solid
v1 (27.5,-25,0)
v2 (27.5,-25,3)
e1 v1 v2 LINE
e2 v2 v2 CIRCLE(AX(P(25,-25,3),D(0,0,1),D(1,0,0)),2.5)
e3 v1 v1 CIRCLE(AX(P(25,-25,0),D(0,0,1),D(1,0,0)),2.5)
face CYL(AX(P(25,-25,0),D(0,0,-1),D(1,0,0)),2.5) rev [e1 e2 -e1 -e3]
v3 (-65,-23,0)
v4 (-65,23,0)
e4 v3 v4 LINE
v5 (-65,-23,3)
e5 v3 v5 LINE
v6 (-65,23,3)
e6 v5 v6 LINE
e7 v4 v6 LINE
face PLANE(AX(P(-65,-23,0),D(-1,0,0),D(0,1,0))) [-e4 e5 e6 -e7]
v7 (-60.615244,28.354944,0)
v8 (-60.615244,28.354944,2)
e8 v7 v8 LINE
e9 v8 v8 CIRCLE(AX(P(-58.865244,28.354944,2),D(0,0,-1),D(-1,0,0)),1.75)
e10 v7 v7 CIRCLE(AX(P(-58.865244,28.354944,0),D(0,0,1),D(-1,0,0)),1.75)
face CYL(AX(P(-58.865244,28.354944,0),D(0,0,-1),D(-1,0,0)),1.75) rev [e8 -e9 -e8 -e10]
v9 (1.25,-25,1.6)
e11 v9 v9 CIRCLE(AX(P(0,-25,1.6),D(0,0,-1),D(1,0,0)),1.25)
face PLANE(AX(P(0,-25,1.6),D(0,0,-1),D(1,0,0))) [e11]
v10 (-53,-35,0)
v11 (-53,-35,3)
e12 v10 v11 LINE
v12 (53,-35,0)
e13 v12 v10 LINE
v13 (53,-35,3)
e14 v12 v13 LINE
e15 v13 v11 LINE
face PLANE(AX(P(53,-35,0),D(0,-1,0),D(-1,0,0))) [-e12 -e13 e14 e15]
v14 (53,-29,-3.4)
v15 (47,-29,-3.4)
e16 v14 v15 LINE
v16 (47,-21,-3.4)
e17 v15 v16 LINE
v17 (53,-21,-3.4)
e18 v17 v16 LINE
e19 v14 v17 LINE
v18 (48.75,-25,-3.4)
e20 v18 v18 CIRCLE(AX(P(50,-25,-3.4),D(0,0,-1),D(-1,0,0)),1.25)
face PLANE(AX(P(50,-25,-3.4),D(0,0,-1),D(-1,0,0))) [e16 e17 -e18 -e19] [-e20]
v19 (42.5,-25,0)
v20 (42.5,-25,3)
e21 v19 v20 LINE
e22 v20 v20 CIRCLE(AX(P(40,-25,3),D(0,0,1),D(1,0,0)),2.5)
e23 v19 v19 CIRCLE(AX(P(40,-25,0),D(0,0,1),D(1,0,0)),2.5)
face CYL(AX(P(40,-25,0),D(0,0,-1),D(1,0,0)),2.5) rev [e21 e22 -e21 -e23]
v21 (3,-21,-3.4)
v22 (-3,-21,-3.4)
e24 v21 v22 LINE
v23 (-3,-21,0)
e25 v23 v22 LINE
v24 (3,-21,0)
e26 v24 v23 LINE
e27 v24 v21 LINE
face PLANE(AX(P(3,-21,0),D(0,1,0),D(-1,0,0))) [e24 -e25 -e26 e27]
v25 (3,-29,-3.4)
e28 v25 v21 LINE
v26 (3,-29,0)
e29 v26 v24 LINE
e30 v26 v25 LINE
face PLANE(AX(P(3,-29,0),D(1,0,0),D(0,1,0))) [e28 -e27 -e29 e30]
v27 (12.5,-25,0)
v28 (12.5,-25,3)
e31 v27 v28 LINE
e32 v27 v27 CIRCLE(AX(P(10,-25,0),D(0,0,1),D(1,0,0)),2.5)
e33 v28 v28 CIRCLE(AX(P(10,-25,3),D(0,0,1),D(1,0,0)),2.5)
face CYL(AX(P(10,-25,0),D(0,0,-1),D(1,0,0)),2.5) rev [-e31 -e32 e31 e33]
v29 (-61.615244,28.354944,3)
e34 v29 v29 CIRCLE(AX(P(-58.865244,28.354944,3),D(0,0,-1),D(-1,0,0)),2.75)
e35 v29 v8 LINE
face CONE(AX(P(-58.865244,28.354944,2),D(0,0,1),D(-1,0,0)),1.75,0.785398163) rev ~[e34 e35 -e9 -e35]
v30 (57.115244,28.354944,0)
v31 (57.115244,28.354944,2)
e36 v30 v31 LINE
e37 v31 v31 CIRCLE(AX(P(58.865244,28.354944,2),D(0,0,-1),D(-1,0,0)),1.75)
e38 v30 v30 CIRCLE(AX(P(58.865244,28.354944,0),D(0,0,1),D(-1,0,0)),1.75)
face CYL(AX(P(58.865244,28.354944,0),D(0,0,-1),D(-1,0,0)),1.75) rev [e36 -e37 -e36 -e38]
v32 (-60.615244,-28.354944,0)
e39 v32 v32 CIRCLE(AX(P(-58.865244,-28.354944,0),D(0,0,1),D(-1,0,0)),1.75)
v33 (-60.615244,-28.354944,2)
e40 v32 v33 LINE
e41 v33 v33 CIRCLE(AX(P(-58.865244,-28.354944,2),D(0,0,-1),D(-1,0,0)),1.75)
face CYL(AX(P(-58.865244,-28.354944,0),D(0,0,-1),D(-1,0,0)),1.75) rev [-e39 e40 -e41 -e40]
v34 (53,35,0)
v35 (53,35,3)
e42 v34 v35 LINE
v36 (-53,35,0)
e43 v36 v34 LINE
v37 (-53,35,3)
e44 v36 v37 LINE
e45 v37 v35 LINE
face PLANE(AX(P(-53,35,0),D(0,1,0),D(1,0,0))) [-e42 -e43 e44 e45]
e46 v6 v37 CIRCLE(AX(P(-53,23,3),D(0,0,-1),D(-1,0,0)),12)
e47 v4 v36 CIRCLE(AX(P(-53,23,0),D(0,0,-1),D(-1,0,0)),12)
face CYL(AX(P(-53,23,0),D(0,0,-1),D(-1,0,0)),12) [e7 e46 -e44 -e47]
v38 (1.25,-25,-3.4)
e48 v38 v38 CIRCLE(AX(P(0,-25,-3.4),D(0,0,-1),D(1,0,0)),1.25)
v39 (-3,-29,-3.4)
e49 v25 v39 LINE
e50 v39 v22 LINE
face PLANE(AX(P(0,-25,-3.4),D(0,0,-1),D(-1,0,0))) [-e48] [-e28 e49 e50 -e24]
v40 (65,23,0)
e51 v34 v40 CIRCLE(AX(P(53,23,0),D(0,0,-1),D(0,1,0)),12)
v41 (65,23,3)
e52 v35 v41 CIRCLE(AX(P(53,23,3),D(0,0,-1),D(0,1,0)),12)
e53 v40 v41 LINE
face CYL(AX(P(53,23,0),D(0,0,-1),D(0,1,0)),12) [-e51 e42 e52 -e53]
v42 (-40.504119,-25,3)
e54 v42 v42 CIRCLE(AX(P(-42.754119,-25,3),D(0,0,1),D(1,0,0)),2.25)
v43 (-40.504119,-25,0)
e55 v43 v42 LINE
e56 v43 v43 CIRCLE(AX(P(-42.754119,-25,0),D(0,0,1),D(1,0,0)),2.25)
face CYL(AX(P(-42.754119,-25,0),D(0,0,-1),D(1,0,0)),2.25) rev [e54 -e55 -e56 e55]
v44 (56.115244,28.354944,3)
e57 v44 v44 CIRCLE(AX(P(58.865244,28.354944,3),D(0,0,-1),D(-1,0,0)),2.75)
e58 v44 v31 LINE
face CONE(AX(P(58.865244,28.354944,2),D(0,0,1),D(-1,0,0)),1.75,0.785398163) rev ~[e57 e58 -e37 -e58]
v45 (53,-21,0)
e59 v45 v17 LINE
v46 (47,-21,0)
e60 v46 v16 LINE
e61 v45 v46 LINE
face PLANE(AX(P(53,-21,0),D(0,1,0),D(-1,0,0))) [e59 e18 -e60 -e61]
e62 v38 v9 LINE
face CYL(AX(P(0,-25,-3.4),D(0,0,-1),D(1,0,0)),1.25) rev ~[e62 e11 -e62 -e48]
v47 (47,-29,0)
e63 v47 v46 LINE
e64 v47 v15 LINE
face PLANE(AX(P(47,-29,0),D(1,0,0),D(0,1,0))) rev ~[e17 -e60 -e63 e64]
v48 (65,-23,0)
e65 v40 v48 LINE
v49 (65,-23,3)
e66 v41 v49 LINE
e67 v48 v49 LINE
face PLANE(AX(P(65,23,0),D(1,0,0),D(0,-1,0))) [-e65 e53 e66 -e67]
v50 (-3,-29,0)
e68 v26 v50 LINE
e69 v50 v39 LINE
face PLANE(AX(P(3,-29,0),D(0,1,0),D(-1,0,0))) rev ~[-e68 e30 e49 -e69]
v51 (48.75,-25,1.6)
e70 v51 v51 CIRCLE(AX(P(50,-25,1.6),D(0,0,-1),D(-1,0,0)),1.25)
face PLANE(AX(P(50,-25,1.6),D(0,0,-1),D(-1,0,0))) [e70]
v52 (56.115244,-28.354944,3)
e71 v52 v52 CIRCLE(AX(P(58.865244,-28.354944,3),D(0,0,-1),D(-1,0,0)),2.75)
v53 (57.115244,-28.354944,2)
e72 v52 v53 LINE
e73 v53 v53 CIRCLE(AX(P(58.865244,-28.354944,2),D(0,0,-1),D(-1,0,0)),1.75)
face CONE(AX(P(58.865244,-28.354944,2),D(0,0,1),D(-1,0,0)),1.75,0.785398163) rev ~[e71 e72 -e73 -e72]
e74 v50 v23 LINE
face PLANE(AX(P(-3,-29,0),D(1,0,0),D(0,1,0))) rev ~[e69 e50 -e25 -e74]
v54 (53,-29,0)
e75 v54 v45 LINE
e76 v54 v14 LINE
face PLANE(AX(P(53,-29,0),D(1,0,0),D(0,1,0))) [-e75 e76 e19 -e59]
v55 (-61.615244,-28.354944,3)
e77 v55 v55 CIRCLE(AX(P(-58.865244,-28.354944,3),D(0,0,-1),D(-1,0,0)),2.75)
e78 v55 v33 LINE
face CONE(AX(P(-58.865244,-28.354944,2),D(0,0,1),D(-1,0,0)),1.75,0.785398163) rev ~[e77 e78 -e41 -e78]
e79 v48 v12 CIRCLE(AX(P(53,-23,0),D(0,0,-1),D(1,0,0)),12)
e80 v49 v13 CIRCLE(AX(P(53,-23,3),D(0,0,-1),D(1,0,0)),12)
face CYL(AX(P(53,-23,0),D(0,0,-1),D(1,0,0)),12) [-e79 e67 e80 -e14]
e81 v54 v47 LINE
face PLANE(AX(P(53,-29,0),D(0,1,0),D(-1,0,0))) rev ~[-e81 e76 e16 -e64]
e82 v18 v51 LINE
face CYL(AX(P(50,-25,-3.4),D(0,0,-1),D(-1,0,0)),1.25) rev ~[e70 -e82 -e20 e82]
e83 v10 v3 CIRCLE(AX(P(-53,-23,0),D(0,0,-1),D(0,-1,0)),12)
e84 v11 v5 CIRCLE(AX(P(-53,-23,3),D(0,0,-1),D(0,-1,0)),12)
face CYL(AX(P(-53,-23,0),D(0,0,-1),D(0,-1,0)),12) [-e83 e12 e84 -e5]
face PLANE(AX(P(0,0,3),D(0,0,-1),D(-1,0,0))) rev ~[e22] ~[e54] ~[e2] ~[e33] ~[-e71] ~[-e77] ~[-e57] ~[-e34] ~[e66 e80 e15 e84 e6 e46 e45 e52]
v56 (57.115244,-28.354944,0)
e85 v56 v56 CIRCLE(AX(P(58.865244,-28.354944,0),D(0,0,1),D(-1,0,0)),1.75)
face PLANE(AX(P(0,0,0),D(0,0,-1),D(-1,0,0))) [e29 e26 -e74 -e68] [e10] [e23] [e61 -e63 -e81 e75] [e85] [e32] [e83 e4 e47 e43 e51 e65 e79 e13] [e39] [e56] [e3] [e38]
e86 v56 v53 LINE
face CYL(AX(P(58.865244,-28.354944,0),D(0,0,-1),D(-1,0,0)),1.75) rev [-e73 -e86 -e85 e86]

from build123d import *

# Parameters (mm, degrees)
SKETCH_2_R               = 2.5
SKETCH_2_R_2             = 2.25
EXTRUDE_1_DEPTH          = 3
SKETCH_3_W               = 6
SKETCH_3_H               = 8
EXTRUDE_2_DEPTH          = 3.4
SKETCH_4_R               = 1.25
CUT_EXTRUDE_1_DEPTH      = 5
CUT_EXTRUDE_2_DEPTH      = 75.101012139
CUT_EXTRUDE_2_DEPTH_BACK = 3
SKETCH_5_R               = 1.75
CHAMFER_1_SIZE           = 1


with BuildPart() as part:
    # Эскиз2 → Бобышка-Вытянуть1 (new body)
    with BuildSketch(Plane.XY):
        with BuildLine():
            Line((-53, 35), (53, 35))
            ThreePointArc((53, 35), (61.485281374, 31.485281374), (65, 23))
            Line((65, 23), (65, -23))
            ThreePointArc((65, -23), (61.485281374, -31.485281374), (53, -35))
            Line((53, -35), (-53, -35))
            ThreePointArc((-53, -35), (-61.485281374, -31.485281374), (-65, -23))
            Line((-65, -23), (-65, 23))
            ThreePointArc((-65, 23), (-61.485281374, 31.485281374), (-53, 35))
        make_face()
        with Locations((10, -25)):
            Circle(SKETCH_2_R, mode=Mode.SUBTRACT)
        with Locations((25, -25)):
            Circle(SKETCH_2_R, mode=Mode.SUBTRACT)
        with Locations((40, -25)):
            Circle(SKETCH_2_R, mode=Mode.SUBTRACT)
        with Locations((-42.754119413, -25)):
            Circle(SKETCH_2_R_2, mode=Mode.SUBTRACT)
    extrude(amount=EXTRUDE_1_DEPTH)

    # Эскиз3 → Бобышка-Вытянуть2 (add)
    with BuildSketch(Plane(origin=(0, 0, 0), x_dir=(-1, 0, 0), z_dir=(0, 0, -1))):
        with Locations((0, -25)):
            Rectangle(SKETCH_3_W, SKETCH_3_H)
        with Locations((-50, -25)):
            Rectangle(SKETCH_3_W, SKETCH_3_H)
    extrude(amount=EXTRUDE_2_DEPTH)

    # Эскиз4 → Вырез-Вытянуть1 (cut)
    with BuildSketch(Plane(origin=(0, 0, -3.4), x_dir=(-1, 0, 0), z_dir=(0, 0, -1))):
        with Locations((-50, -25)):
            Circle(SKETCH_4_R)
        with Locations(Location((0, -25, 0), (0, 0, 180))):
            Circle(SKETCH_4_R)
    extrude(amount=-CUT_EXTRUDE_1_DEPTH, mode=Mode.SUBTRACT)

    # Эскиз5 → Вырез-Вытянуть2 (cut, two sides: drawn at the far end of the back side and taken through both)
    with BuildSketch(Plane.XY.offset(3).offset(-CUT_EXTRUDE_2_DEPTH_BACK)):
        with Locations(Location((-58.865243762, 28.354943792, 0), (0, 0, 180))):
            Circle(SKETCH_5_R)
        with Locations(Location((-58.865243762, -28.354943792, 0), (0, 0, 180))):
            Circle(SKETCH_5_R)
        with Locations(Location((58.865243762, 28.354943792, 0), (0, 0, 180))):
            Circle(SKETCH_5_R)
        with Locations(Location((58.865243762, -28.354943792, 0), (0, 0, 180))):
            Circle(SKETCH_5_R)
    extrude(amount=CUT_EXTRUDE_2_DEPTH + CUT_EXTRUDE_2_DEPTH_BACK, mode=Mode.SUBTRACT)

    # Фаска1
    chamfer_1_edges = [part.edges().sort_by_distance(p)[0] for p in [
        (-57.115243762, -28.354943792, 3),
        (60.615243762, 28.354943792, 3),
        (60.615243762, -28.354943792, 3),
        (-57.115243762, 28.354943792, 3),
    ]]
    chamfer(chamfer_1_edges, length=CHAMFER_1_SIZE)


solid = part.part
